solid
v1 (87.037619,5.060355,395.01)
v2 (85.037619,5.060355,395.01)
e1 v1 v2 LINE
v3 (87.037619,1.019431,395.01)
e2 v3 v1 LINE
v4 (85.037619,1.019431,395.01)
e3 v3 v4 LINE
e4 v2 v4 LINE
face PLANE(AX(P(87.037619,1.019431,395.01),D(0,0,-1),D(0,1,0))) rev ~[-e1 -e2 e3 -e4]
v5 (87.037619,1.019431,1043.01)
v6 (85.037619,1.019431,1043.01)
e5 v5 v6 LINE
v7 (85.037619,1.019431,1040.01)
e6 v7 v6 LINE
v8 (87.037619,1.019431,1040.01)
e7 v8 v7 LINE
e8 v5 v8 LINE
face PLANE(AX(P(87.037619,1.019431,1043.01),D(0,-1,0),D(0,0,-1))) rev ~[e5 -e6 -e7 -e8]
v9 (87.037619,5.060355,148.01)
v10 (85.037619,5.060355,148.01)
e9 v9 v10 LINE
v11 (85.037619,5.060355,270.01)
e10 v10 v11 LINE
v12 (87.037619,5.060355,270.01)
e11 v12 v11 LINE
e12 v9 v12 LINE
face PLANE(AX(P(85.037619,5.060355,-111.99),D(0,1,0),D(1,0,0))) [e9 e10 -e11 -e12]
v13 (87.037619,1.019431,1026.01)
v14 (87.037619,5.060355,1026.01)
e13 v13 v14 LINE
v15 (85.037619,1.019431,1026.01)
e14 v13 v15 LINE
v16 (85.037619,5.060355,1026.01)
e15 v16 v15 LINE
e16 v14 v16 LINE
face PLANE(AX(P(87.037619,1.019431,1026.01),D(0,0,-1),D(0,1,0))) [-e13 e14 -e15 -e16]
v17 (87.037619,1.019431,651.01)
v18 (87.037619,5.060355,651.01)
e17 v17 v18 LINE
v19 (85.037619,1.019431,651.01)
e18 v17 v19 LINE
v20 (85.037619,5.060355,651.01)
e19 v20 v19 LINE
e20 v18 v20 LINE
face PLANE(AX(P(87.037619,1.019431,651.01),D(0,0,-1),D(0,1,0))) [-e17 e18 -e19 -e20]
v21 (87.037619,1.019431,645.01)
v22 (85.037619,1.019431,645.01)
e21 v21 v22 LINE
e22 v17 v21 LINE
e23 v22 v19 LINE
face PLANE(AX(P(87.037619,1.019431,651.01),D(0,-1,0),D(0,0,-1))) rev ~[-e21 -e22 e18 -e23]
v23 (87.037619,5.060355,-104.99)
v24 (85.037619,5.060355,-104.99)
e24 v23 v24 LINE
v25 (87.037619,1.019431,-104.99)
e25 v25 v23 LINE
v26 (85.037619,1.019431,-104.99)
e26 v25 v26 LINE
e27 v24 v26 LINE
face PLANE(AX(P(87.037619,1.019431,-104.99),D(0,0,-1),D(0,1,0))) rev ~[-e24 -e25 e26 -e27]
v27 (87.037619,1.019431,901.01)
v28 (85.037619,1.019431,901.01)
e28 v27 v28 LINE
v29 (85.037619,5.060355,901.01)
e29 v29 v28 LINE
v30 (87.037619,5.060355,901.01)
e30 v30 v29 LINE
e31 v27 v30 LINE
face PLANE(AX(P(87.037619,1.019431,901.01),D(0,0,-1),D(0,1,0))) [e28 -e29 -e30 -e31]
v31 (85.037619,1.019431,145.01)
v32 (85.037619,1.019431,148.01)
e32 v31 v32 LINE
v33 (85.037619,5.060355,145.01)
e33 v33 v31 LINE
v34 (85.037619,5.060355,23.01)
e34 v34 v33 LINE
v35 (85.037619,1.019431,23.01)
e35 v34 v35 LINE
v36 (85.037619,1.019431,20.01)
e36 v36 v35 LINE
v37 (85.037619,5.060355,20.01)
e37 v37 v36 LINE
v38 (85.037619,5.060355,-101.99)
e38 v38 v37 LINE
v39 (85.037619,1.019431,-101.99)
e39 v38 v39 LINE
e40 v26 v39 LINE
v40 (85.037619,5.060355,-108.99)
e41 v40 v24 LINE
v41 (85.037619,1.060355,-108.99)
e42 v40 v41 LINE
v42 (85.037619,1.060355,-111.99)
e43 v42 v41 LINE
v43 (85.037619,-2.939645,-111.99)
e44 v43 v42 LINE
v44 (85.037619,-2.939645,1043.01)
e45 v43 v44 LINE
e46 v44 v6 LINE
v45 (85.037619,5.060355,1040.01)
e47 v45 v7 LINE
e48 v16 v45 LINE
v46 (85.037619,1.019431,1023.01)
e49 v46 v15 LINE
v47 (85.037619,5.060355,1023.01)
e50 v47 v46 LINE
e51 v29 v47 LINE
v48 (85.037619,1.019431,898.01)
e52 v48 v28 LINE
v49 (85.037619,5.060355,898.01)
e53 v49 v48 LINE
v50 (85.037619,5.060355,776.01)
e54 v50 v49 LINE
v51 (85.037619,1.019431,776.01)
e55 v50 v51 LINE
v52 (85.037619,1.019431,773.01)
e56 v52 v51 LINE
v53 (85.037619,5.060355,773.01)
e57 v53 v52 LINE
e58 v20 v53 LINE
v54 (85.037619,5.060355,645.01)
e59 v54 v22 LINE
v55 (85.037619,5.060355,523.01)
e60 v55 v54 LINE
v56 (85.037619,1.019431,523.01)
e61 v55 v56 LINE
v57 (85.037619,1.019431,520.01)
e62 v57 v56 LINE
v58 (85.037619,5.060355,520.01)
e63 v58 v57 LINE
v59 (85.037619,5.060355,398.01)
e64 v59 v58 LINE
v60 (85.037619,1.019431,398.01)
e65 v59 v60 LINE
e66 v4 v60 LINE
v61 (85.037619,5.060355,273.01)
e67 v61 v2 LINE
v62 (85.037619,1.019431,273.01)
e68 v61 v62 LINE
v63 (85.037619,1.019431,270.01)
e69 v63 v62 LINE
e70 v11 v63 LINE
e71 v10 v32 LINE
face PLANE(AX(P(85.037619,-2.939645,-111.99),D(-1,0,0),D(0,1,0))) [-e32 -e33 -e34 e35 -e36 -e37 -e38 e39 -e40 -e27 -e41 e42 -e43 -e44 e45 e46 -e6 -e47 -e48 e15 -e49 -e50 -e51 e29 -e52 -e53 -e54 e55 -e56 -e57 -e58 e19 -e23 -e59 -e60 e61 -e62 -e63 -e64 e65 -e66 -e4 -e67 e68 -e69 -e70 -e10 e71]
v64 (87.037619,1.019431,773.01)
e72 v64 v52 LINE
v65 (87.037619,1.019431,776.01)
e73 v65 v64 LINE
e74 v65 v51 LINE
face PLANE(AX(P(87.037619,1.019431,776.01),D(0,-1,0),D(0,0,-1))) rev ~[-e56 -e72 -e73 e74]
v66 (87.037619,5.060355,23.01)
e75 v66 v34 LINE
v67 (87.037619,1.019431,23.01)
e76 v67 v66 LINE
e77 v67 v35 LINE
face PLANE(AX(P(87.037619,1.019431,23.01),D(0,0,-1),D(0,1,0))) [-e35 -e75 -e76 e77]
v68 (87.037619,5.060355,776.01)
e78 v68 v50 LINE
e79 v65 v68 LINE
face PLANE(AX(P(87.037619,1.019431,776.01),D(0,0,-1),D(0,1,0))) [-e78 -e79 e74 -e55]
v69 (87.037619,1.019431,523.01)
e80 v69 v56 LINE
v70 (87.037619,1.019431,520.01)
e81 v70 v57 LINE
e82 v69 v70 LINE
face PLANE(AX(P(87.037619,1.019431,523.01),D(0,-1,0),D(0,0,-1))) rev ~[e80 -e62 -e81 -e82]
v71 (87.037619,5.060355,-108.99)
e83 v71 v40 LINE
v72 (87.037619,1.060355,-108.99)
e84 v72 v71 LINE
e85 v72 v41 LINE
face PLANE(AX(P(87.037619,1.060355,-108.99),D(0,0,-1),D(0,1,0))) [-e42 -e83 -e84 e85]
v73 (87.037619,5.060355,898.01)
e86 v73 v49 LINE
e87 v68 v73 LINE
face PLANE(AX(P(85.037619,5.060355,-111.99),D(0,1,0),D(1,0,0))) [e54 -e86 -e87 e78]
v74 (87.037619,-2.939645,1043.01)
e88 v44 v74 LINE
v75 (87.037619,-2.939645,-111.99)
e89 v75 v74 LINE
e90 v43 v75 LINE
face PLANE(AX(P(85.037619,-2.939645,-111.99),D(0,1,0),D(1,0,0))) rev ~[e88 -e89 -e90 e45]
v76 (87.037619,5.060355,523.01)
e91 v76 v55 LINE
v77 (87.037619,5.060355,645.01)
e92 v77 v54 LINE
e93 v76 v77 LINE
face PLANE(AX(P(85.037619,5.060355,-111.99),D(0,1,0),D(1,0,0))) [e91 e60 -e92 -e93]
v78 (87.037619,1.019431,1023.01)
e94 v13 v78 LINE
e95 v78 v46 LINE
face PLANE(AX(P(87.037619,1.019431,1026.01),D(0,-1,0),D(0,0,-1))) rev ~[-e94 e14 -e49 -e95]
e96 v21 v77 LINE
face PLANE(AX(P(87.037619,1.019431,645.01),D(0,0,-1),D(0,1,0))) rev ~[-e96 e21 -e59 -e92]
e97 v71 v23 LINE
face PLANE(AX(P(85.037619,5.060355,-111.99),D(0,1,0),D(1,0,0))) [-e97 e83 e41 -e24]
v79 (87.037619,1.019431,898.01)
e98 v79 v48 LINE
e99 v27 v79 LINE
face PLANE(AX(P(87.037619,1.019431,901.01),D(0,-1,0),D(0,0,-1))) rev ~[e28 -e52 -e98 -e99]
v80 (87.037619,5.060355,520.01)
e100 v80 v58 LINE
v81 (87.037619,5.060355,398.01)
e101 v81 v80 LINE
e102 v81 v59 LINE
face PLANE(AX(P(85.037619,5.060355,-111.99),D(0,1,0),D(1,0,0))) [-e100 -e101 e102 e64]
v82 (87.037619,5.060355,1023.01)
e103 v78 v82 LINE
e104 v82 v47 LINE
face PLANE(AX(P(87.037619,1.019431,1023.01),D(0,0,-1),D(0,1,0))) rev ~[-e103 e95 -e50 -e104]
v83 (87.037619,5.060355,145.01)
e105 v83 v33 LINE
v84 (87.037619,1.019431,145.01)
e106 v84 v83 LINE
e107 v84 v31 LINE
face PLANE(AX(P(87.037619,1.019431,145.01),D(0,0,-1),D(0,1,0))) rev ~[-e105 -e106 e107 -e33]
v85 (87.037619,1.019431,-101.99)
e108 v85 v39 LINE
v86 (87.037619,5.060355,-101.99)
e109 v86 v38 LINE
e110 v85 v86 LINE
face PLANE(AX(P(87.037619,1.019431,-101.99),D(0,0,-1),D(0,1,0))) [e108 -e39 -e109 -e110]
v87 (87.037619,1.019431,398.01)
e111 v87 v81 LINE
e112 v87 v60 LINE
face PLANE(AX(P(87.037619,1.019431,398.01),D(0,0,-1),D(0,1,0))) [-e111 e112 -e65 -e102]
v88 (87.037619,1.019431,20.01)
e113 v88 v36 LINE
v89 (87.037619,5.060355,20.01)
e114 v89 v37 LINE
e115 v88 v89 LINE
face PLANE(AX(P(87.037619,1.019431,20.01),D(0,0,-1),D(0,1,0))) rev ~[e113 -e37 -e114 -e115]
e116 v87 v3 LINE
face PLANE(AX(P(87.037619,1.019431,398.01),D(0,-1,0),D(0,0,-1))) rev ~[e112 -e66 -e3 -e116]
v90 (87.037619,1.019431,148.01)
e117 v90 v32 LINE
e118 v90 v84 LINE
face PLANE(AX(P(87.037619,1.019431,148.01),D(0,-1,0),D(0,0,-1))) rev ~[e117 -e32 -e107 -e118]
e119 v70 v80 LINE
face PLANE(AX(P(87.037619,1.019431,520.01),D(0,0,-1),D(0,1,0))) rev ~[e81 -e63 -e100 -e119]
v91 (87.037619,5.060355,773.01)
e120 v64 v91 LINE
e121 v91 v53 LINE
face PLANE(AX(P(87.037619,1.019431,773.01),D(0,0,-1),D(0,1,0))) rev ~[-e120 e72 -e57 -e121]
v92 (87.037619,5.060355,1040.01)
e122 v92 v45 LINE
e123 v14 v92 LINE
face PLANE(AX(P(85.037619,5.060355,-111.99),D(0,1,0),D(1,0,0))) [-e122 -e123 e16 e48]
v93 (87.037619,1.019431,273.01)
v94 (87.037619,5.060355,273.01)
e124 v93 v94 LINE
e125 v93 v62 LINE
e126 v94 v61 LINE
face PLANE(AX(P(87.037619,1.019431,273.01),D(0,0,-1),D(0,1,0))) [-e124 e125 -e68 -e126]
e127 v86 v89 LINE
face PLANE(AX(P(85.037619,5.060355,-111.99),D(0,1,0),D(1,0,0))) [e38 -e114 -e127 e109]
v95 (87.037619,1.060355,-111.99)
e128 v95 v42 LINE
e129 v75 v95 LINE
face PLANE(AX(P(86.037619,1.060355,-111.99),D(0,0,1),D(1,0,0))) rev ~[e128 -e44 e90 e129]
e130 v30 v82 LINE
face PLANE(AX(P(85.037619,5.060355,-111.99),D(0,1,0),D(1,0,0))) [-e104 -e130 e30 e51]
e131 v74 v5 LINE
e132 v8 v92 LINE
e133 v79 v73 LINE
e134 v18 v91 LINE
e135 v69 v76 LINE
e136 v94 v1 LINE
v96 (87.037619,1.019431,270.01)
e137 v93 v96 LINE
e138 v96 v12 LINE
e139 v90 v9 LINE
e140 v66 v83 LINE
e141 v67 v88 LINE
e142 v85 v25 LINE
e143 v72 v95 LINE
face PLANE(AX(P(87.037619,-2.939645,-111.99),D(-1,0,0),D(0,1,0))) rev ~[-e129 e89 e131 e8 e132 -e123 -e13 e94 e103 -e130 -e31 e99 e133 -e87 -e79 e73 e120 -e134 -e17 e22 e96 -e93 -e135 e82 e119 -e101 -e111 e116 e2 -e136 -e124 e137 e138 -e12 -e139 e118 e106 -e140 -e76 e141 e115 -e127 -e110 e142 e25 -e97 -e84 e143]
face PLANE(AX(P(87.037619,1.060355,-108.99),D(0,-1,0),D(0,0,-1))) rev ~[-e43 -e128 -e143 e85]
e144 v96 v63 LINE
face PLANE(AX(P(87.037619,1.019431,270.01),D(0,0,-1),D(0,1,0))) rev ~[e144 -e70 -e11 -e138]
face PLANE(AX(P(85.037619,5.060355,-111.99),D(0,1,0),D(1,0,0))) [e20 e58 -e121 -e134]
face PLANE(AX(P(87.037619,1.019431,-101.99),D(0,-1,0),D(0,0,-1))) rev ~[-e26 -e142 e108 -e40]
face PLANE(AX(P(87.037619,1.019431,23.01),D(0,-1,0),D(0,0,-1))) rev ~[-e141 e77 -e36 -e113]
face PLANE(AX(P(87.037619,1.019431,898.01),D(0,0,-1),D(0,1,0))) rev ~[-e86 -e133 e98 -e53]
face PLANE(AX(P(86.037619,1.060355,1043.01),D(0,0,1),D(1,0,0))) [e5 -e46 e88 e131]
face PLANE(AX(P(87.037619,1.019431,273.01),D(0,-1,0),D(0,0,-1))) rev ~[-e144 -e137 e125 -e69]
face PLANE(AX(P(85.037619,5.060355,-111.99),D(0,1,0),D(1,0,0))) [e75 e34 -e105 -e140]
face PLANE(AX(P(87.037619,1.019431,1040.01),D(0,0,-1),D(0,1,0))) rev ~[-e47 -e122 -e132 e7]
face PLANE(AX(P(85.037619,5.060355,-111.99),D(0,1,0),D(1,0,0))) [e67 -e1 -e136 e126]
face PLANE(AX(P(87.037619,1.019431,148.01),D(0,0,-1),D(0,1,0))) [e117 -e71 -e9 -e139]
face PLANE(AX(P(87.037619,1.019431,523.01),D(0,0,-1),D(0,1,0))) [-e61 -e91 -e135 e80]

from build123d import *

# Parameters (mm, degrees)
SKETCH_1_W          = 2
SKETCH_1_H          = 8
EXTRUDE_1_DEPTH     = 1155
SKETCH_2_W          = 3
SKETCH_2_H          = 4.040923936
SKETCH_2_H_2        = 4
CUT_EXTRUDE_1_DEPTH = 1044.024193051


with BuildPart() as part:
    # 草图1 → 凸台-拉伸1 (new body)
    with BuildSketch(Plane.XY.offset(-111.99)):
        with Locations((86.037619105, 1.060354741)):
            Rectangle(SKETCH_1_W, SKETCH_1_H)
    extrude(amount=EXTRUDE_1_DEPTH)

    # 草图2 → 切除-拉伸1 (cut, through all)
    with BuildSketch(Plane(origin=(87.037619105, 0, 0), x_dir=(0, 0, -1), z_dir=(1, 0, 0))):
        with Locations((-1041.51, 3.039892773)):
            Rectangle(SKETCH_2_W, SKETCH_2_H)
        with Locations((-1024.51, 3.039892773)):
            Rectangle(SKETCH_2_W, SKETCH_2_H)
        with Locations((-899.51, 3.039892773)):
            Rectangle(SKETCH_2_W, SKETCH_2_H)
        with Locations((-774.51, 3.039892773)):
            Rectangle(SKETCH_2_W, SKETCH_2_H)
        with Locations((-649.51, 3.039892773)):
            Rectangle(SKETCH_2_W, SKETCH_2_H)
        with Locations((-646.51, 3.039892773)):
            Rectangle(SKETCH_2_W, SKETCH_2_H)
        with Locations((-521.51, 3.039892773)):
            Rectangle(SKETCH_2_W, SKETCH_2_H)
        with Locations((-396.51, 3.039892773)):
            Rectangle(SKETCH_2_W, SKETCH_2_H)
        with Locations((-271.51, 3.039892773)):
            Rectangle(SKETCH_2_W, SKETCH_2_H)
        with Locations((-146.51, 3.039892773)):
            Rectangle(SKETCH_2_W, SKETCH_2_H)
        with Locations((-21.51, 3.039892773)):
            Rectangle(SKETCH_2_W, SKETCH_2_H)
        with Locations((103.49, 3.039892773)):
            Rectangle(SKETCH_2_W, SKETCH_2_H)
        with Locations((110.49, 3.060354741)):
            Rectangle(SKETCH_2_W, SKETCH_2_H_2)
    extrude(amount=-CUT_EXTRUDE_1_DEPTH, mode=Mode.SUBTRACT)


solid = part.part
